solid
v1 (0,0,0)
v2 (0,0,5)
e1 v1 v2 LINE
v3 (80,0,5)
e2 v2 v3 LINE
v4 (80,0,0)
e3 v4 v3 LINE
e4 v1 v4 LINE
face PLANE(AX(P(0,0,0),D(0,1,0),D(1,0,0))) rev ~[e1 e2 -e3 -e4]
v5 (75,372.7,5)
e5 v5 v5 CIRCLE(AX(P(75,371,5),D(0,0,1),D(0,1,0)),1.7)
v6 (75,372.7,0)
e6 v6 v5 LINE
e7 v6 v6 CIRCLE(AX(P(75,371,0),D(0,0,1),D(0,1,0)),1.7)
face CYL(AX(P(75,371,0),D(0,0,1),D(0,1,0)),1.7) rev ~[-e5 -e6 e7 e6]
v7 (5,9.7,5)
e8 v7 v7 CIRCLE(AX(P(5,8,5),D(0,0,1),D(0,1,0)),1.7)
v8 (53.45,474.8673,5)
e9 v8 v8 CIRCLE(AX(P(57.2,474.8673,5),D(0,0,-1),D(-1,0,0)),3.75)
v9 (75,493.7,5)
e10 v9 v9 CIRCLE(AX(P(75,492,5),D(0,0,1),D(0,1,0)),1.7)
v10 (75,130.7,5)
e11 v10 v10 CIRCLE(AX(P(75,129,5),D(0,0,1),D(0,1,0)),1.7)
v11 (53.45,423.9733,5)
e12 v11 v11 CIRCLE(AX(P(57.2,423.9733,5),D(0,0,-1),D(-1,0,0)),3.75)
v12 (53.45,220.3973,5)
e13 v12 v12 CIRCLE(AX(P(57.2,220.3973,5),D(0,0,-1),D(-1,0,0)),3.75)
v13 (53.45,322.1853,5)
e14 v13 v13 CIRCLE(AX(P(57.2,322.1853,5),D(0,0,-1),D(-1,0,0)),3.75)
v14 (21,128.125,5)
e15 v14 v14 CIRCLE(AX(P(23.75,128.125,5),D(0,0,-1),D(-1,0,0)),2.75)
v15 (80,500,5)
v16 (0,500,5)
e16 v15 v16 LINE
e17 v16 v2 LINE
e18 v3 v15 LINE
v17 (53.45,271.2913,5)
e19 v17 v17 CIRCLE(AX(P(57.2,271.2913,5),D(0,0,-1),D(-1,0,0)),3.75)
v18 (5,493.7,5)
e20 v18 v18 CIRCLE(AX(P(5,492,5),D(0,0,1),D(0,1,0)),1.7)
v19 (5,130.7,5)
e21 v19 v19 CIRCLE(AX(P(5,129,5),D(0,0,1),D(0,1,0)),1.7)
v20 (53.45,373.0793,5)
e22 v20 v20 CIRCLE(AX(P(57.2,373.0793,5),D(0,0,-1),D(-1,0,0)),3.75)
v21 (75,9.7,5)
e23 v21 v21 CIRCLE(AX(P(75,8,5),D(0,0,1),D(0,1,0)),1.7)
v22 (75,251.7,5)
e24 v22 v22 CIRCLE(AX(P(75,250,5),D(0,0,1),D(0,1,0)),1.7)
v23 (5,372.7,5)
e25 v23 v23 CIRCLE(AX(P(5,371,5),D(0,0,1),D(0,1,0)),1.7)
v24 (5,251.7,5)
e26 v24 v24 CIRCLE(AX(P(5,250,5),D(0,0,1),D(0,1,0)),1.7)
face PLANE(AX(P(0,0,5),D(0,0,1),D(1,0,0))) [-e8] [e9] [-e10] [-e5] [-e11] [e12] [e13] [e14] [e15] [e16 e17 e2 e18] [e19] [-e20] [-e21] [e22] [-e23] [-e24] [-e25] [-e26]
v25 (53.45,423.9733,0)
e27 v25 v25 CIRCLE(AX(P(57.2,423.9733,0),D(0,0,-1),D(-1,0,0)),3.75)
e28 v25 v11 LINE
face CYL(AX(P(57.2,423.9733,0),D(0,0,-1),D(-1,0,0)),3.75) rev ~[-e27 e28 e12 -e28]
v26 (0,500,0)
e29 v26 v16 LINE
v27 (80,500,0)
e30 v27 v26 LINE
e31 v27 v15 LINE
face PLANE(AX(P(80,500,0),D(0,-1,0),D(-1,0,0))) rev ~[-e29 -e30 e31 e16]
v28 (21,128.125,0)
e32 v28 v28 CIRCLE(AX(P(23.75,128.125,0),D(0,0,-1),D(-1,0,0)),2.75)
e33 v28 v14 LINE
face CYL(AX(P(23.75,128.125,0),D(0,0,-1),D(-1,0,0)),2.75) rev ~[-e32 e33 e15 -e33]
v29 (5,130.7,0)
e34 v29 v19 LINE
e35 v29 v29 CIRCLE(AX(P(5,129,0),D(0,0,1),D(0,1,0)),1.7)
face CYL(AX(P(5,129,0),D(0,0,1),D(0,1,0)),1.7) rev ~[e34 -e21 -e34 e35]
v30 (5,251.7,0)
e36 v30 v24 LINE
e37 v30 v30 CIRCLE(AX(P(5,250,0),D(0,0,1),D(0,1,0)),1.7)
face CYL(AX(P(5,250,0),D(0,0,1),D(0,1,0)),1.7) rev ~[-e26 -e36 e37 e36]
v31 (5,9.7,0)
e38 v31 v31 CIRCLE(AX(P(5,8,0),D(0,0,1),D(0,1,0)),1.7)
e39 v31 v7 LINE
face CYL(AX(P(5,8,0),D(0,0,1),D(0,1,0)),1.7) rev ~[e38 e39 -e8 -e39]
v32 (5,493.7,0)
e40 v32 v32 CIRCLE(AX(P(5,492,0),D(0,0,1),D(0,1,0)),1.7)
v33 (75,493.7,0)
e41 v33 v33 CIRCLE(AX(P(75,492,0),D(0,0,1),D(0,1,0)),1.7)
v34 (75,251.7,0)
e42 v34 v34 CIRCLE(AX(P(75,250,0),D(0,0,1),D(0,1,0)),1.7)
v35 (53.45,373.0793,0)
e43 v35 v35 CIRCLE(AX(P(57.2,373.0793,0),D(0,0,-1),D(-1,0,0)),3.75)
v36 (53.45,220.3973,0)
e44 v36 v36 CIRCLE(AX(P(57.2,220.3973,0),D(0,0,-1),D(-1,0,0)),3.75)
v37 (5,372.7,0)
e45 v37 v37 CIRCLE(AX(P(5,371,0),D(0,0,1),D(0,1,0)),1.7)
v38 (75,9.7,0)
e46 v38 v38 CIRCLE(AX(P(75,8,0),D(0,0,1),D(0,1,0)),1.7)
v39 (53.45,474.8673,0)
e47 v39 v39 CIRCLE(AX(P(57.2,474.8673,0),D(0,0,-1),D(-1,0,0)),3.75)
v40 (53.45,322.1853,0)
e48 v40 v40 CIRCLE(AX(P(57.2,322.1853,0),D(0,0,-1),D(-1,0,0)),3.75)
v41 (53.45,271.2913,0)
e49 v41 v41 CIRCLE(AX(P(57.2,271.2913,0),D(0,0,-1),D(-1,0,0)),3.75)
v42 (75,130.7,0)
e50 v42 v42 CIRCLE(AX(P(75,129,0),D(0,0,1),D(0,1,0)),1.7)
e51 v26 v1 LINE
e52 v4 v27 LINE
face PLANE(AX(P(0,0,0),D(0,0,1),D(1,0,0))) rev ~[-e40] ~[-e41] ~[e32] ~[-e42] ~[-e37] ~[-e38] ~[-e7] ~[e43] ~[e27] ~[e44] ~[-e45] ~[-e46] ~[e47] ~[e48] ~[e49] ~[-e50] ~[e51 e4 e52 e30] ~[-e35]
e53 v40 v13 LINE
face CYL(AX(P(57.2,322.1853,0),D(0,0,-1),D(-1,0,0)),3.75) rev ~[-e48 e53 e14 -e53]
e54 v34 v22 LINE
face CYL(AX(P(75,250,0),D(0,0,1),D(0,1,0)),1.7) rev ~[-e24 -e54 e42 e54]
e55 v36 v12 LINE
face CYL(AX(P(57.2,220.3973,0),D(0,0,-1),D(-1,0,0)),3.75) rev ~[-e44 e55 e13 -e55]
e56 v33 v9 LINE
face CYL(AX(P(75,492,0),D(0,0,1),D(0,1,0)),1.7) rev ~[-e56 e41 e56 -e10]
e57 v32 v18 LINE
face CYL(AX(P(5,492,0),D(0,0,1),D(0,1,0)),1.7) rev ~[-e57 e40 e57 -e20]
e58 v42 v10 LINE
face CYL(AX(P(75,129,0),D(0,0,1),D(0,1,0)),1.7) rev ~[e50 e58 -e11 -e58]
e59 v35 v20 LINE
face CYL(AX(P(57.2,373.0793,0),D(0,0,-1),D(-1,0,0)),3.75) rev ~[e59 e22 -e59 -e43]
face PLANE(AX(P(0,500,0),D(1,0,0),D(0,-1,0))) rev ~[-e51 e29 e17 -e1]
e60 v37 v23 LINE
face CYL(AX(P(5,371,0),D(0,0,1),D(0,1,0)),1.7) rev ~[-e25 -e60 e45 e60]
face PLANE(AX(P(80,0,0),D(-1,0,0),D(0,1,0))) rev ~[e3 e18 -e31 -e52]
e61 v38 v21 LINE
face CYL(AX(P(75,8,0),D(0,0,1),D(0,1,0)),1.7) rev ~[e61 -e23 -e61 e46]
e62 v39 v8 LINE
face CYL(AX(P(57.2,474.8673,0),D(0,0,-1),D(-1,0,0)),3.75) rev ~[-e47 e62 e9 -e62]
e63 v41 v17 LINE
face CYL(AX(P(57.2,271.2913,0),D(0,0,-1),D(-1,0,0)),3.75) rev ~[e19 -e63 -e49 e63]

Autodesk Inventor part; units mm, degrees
ref_plane "YZ Plane" through (0, 0, 0) normal (1, 0, 0) x (0, 1, 0)
ref_plane "XZ Plane" through (0, 0, 0) normal (0, 1, 0) x (-1, 0, 0)
sketch "Sketch1" plane through (0, 0, 0) normal (0, 0, 1) x (1, 0, 0)
  line L0 (0, 0) -> (80, 0)
  line L1 (80, 0) -> (80, 500)
  line L2 (80, 500) -> (0, 500)
  line L3 (0, 500) -> (0, 0)
  line L4 (40, 500) -> (40, 0) construction
  circle A0 centre (5, 492) radius 1.75 construction
  circle A1 centre (75, 492) radius 1.75 construction
  line L5 (5, 0) -> (5, 500) construction
  line L6 (75, 500) -> (75, 0) construction
  circle A2 centre (5, 371) radius 1.75 construction
  circle A3 centre (75, 371) radius 1.75 construction
  circle A4 centre (5, 250) radius 1.75 construction
  circle A5 centre (75, 250) radius 1.75 construction
  circle A6 centre (5, 129) radius 1.75 construction
  circle A7 centre (75, 129) radius 1.75 construction
  circle A8 centre (5, 8) radius 1.75 construction
  circle A9 centre (75, 8) radius 1.75 construction
  dimension "d0" = 500
  dimension "d2" = 3.5
  dimension "d5" = 5
  dimension "d6" = 8
  dimension "d13" = 5
  dimension "d14" = 5
  dimension "BackPlate_Width" = 80
  dimension "d20" = 121
extrude "Extrusion1" add sketch "Sketch1" along normal blind 5
hole "Bohrung1" at (5, 8, 0) at (75, 8, 0) at (75, 129, 0) at (5, 129, 0) at (5, 250, 0) at (75, 250, 0) at (5, 371, 0) at (75, 371, 0) at (5, 492, 0) at (75, 492, 0) direction (0, 0, 1) diameter 3.4 end through all clearance for "Inbusschraube DIN EN ISO 4762" size "M3" standard "DIN"
sketch "Skizze2" plane through (0, 0, 0) normal (0, 0, -1) x (-1, 0, 0)
  circle A0 centre (-23.75, 128.125) radius 2.75 projected
  circle A1 centre (-57.2, 220.3973) radius 3.75 projected
  circle A2 centre (-57.2, 271.2913) radius 3.75 projected
  circle A3 centre (-57.2, 322.1853) radius 3.75 projected
  circle A4 centre (-57.2, 373.0793) radius 3.75 projected
  circle A5 centre (-57.2, 423.9733) radius 3.75 projected
  circle A6 centre (-57.2, 474.8673) radius 3.75 projected
  point P0 (0, 0)
extrude "Extrusion2" cut sketch "Skizze2" against normal through all
sketch "Skizze3" plane through (0, 500, 0) normal (0, 1, 0) x (1, 0, 0)
  line L0 (80, 0) -> (0, 0) projected
  line L1 (0, 0) -> (0, -5) projected
  line L2 (80, -5) -> (0, -5) projected
  line L3 (80, 0) -> (80, -5) projected
  point P0 (0, 0)
ref_plane "Arbeitsebene1" through (71.8081, 420, 4.9726) normal (0, 1, 0) x (0, 0, 1)
equation "\"d0\" = GuidanceTrack_Length"
equation "\"d5\" = 0.5 * GuidanceTrac_OneSide_Thickness"
equation "\"d6\" = TopLit_Fixhole_Edge_Dist"
equation "\"d14\" = d13"
equation "\"BackPlate_Width\" = GuidanceTrac_Width"
equation "\"GuidanceTrack_Length\" = 500"
equation "\"GuidanceTrac_OneSide_Thickness\" = 10"
equation "\"TopLit_Fixhole_Edge_Dist\" = 8"
equation "\"GuidanceTrac_Width\" = 80"
properties part number "Back plate profile" material "PMMA-Kunststoff"
